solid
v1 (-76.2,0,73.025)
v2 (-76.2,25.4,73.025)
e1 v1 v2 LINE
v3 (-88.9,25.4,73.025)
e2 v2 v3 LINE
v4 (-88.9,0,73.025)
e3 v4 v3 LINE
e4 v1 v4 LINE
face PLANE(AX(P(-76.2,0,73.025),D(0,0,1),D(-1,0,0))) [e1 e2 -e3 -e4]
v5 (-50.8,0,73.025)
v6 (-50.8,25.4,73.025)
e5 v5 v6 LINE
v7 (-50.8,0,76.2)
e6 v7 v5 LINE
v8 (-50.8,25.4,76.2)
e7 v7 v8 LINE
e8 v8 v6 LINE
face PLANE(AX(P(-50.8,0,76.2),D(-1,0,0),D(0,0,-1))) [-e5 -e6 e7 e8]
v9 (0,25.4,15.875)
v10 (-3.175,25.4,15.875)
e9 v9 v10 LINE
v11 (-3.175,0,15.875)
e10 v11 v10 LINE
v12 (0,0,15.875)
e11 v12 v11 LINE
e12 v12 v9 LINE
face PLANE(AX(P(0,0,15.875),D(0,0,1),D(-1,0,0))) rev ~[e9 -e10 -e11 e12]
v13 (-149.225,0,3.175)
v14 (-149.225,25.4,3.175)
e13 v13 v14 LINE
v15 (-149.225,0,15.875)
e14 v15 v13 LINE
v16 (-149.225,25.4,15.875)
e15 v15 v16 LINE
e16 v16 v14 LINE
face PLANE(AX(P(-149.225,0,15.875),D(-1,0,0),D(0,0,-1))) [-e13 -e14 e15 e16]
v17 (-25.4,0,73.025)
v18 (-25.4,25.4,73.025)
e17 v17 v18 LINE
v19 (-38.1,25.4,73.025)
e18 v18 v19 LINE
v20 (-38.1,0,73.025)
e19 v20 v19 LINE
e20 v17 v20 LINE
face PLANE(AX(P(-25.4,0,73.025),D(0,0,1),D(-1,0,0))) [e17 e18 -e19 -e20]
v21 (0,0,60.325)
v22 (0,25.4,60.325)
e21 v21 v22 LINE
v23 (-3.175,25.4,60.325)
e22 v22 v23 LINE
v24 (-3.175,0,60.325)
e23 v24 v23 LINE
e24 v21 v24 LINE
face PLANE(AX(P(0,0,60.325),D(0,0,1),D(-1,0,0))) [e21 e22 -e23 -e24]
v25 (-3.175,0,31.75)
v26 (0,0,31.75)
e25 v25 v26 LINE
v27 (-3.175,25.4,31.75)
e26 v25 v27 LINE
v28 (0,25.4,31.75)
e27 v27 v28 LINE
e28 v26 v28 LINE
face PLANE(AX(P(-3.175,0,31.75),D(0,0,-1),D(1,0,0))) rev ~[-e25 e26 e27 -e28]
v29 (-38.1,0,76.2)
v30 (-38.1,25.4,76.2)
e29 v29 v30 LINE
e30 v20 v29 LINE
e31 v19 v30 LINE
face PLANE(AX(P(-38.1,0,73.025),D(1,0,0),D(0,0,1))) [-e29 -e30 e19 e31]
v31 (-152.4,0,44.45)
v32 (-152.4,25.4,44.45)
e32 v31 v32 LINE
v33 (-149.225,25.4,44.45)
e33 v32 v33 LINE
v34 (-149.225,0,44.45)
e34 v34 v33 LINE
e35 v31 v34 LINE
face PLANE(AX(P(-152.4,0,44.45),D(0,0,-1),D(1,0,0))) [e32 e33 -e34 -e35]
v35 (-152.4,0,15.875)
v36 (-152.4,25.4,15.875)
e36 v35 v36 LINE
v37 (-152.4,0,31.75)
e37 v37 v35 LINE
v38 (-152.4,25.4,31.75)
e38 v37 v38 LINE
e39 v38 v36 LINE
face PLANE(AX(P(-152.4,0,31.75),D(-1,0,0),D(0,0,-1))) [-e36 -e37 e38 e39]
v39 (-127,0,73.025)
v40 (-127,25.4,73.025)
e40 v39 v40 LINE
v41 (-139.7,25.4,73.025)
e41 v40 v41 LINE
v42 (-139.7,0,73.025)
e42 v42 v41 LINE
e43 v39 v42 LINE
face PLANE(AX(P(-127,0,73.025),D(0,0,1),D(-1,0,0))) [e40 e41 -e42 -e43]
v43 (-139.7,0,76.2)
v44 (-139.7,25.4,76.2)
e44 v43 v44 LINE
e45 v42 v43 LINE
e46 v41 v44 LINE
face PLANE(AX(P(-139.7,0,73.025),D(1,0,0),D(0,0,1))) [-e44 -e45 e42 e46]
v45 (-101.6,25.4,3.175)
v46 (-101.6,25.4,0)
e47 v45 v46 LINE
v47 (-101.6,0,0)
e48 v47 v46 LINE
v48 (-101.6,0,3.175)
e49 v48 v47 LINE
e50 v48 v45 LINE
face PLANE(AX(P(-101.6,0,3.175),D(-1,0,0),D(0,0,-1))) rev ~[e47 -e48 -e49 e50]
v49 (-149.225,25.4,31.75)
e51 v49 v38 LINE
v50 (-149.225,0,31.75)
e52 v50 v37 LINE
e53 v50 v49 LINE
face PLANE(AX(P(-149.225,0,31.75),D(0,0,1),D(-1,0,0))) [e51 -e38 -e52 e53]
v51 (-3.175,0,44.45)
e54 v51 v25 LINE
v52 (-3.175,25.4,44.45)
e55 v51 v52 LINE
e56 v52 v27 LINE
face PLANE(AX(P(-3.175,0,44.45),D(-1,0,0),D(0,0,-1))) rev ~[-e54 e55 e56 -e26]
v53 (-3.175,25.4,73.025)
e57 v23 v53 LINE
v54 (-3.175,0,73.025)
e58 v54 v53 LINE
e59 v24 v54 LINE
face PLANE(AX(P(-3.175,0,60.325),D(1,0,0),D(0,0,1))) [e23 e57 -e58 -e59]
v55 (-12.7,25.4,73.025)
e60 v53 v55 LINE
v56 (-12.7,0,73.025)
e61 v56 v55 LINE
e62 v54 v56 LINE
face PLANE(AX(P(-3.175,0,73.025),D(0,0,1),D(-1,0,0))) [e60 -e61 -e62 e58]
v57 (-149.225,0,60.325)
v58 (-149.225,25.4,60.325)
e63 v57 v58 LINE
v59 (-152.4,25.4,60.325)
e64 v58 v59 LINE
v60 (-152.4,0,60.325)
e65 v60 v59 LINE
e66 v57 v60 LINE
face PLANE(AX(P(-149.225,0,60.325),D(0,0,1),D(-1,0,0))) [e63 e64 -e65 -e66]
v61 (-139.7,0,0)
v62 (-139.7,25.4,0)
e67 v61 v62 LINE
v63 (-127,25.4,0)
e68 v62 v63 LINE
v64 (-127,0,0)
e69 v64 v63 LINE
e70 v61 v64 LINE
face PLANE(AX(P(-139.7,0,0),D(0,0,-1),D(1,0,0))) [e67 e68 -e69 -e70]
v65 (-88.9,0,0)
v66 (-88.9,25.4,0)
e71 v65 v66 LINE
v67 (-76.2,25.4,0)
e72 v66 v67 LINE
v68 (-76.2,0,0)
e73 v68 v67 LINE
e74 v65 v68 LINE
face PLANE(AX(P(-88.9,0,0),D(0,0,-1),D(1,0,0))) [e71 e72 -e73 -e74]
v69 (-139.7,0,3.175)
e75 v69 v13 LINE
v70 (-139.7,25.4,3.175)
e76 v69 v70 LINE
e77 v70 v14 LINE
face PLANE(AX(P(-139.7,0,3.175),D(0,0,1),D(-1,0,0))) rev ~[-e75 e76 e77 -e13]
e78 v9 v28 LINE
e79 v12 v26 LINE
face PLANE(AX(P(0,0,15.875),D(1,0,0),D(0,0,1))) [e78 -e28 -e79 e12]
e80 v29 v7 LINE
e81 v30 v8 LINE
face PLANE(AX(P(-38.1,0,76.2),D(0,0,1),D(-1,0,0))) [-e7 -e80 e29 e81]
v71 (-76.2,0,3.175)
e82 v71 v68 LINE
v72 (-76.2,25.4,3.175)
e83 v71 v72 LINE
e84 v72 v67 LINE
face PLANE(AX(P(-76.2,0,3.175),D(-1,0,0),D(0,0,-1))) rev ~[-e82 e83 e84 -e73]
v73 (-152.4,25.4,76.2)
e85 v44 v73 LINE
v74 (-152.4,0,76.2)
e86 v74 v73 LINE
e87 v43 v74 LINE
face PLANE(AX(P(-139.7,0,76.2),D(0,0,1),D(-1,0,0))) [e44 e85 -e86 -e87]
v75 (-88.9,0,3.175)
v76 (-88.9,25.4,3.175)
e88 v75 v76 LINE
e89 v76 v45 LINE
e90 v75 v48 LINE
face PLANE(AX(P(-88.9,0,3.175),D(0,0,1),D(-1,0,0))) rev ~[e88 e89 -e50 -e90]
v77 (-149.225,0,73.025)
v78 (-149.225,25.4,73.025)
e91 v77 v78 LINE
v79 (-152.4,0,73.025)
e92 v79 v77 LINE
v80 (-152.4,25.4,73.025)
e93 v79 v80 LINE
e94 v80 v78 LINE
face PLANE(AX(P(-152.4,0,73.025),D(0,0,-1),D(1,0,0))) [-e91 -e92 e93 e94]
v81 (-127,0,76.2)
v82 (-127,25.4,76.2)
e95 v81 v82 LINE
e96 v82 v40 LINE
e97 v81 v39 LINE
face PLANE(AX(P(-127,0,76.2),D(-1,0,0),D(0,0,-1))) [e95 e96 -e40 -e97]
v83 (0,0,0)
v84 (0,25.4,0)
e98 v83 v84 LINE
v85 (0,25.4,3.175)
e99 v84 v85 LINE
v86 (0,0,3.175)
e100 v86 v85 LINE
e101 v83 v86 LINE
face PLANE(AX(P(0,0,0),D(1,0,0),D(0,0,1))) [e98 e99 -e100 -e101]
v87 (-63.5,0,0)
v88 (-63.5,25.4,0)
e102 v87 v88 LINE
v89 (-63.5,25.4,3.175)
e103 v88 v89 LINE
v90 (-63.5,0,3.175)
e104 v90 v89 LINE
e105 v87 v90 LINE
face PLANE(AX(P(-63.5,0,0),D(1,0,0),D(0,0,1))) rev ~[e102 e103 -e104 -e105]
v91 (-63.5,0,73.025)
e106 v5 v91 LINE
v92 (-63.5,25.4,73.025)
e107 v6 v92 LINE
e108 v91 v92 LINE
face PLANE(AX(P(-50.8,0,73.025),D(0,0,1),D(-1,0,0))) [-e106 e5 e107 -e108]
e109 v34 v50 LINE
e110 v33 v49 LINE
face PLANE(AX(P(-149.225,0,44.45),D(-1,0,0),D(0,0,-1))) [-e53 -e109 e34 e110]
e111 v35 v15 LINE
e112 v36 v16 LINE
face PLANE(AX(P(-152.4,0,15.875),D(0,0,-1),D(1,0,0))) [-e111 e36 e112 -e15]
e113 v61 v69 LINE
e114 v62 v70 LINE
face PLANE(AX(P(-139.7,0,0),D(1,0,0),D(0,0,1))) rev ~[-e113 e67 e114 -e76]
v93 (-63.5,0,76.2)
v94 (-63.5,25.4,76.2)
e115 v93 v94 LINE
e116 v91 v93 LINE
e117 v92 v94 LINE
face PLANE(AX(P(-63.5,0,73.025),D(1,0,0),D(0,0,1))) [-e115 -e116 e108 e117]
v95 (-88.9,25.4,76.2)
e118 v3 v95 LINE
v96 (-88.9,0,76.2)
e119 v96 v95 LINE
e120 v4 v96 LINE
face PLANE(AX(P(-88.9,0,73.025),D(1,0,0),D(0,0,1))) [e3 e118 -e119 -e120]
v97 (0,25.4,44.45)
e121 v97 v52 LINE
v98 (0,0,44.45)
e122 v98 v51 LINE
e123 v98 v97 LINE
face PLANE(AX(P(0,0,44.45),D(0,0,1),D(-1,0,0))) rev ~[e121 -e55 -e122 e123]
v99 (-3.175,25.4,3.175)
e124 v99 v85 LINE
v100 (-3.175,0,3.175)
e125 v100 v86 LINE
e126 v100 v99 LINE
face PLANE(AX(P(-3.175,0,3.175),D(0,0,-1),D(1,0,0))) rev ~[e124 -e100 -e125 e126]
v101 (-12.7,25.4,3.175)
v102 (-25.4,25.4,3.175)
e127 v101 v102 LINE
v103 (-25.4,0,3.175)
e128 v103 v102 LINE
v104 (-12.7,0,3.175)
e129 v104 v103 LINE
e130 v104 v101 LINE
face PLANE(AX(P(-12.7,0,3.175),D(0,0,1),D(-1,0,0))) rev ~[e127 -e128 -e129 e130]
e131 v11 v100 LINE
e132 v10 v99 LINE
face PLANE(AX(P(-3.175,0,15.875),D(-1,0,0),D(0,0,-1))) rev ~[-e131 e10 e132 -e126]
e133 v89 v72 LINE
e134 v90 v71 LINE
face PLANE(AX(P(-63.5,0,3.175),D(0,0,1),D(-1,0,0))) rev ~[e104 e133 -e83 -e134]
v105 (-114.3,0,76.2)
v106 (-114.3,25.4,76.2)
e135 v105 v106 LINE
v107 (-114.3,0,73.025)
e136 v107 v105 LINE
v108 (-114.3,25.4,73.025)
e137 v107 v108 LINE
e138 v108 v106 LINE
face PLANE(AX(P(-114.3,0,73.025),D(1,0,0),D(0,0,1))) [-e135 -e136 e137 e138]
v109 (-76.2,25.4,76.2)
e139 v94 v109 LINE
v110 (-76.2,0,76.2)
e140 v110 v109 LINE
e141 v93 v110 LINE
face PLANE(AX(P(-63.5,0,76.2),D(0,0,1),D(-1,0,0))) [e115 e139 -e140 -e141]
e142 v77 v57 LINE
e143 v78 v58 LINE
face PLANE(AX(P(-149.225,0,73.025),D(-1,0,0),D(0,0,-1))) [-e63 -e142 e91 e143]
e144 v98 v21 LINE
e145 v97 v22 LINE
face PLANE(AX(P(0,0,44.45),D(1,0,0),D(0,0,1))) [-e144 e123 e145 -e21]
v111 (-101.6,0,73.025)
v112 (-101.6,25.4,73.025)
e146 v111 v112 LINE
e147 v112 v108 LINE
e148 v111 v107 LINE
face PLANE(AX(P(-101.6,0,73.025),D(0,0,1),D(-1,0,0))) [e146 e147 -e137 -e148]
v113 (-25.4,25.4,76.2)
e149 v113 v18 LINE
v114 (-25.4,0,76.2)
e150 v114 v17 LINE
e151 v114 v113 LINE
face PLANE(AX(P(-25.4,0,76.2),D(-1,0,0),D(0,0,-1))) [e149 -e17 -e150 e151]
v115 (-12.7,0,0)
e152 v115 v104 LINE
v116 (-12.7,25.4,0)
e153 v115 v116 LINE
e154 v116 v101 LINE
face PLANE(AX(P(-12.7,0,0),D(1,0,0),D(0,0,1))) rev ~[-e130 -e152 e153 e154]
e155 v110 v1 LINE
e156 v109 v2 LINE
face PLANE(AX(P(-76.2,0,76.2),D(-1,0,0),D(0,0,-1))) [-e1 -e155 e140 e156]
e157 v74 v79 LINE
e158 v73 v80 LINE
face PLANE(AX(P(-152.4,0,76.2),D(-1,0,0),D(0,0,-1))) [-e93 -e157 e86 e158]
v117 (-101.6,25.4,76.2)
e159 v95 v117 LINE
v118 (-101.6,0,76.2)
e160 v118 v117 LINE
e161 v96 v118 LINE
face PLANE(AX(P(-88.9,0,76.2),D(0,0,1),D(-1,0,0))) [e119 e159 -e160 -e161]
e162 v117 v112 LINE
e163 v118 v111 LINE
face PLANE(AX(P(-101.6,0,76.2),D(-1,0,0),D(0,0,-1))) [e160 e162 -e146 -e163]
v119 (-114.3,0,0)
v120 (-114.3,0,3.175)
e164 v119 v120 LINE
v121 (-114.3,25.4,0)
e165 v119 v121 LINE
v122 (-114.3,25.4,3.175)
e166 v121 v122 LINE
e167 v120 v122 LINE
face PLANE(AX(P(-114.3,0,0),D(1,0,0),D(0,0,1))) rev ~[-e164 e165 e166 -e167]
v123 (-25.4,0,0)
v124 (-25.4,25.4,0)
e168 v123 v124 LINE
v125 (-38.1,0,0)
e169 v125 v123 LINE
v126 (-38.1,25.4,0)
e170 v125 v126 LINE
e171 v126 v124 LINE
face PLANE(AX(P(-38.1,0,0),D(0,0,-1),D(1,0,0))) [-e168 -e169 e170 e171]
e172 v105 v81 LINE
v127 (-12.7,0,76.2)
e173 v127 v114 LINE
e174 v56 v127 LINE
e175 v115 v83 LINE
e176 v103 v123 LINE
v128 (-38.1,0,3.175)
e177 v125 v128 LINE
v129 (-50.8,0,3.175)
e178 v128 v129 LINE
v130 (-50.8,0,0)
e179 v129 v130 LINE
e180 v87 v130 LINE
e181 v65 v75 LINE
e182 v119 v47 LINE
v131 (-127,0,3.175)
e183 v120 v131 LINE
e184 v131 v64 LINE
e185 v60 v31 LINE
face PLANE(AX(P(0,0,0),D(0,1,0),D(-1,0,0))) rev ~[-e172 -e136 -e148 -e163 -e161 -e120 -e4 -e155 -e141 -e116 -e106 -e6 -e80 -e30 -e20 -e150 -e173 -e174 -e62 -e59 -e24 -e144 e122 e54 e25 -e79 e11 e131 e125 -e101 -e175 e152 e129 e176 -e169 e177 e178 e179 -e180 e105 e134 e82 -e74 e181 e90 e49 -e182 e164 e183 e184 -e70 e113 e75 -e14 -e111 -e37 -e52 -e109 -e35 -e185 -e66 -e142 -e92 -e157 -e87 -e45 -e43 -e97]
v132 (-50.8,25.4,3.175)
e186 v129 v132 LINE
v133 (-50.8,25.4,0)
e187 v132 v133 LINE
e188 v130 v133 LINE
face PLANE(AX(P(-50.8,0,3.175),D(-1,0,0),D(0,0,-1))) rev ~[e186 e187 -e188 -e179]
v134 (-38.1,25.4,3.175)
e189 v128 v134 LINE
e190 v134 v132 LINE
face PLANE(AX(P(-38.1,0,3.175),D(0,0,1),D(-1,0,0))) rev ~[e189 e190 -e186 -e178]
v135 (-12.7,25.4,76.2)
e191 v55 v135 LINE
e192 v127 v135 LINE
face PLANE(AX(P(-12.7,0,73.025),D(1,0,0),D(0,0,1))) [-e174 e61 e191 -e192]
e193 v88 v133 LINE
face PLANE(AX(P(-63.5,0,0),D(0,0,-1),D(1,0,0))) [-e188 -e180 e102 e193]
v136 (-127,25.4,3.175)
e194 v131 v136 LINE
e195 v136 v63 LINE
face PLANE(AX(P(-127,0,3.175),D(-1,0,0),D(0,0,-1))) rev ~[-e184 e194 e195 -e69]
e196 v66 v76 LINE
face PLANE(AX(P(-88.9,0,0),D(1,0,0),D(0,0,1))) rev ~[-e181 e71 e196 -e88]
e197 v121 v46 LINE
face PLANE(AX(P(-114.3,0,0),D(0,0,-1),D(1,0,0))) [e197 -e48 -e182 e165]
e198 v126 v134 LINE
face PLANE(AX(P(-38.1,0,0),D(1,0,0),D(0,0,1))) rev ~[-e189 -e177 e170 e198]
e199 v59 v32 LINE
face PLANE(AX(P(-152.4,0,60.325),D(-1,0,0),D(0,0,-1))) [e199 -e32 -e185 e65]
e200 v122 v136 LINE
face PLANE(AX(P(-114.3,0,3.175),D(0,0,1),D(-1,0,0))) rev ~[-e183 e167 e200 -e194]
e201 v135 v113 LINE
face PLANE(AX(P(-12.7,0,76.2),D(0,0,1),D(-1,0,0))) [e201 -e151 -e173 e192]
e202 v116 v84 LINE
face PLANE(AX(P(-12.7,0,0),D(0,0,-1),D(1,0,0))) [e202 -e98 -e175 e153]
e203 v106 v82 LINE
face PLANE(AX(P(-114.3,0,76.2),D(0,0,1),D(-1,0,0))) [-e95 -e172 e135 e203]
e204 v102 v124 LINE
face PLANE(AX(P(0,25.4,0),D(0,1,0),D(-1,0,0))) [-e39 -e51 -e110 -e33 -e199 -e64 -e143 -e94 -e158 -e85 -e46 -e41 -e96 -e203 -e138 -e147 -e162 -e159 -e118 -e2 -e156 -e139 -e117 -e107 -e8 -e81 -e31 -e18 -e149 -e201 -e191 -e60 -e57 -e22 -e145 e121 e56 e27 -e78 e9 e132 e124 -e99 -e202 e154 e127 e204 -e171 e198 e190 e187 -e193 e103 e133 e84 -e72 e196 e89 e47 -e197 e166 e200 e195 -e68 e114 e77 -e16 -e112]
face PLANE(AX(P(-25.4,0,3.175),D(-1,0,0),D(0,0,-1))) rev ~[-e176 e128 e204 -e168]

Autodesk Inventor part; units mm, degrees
ref_plane "YZ Plane" through (0, 0, 0) normal (1, 0, 0) x (0, 1, 0)
ref_plane "XZ Plane" through (0, 0, 0) normal (0, 1, 0) x (-1, 0, 0)
ref_plane "XY Plane" through (0, 0, 0) normal (0, 0, 1) x (1, 0, 0)
sketch "Sketch1" plane through (0, 0, 0) normal (0, 1, 0) x (-1, 0, 0)
  line L0 (0, 0) -> (0, 76.2)
  line L1 (0, 76.2) -> (152.4, 76.2)
  line L2 (152.4, 76.2) -> (152.4, 0)
  line L3 (152.4, 0) -> (0, 0)
  line L4 (139.7, 76.2) -> (127, 76.2)
  line L5 (127, 76.2) -> (127, 73.025)
  line L6 (127, 73.025) -> (139.7, 73.025)
  line L7 (139.7, 73.025) -> (139.7, 76.2)
  line L8 (114.3, 76.2) -> (101.6, 76.2)
  line L9 (101.6, 76.2) -> (101.6, 73.025)
  line L10 (101.6, 73.025) -> (114.3, 73.025)
  line L11 (114.3, 73.025) -> (114.3, 76.2)
  line L12 (88.9, 76.2) -> (76.2, 76.2)
  line L13 (76.2, 76.2) -> (76.2, 73.025)
  line L14 (76.2, 73.025) -> (88.9, 73.025)
  line L15 (88.9, 73.025) -> (88.9, 76.2)
  line L16 (63.5, 76.2) -> (50.8, 76.2)
  line L17 (50.8, 76.2) -> (50.8, 73.025)
  line L18 (50.8, 73.025) -> (63.5, 73.025)
  line L19 (63.5, 73.025) -> (63.5, 76.2)
  line L20 (38.1, 76.2) -> (25.4, 76.2)
  line L21 (25.4, 76.2) -> (25.4, 73.025)
  line L22 (25.4, 73.025) -> (38.1, 73.025)
  line L23 (38.1, 73.025) -> (38.1, 76.2)
  line L24 (12.7, 76.2) -> (0, 76.2)
  line L25 (0, 76.2) -> (0, 73.025)
  line L26 (0, 73.025) -> (12.7, 73.025)
  line L27 (12.7, 73.025) -> (12.7, 76.2)
  line L28 (152.4, 0) -> (139.7, 0)
  line L29 (139.7, 0) -> (139.7, 3.175)
  line L30 (139.7, 3.175) -> (152.4, 3.175)
  line L31 (152.4, 3.175) -> (152.4, 0)
  line L32 (127, 0) -> (114.3, 0)
  line L33 (114.3, 0) -> (114.3, 3.175)
  line L34 (114.3, 3.175) -> (127, 3.175)
  line L35 (127, 3.175) -> (127, 0)
  line L36 (101.6, 0) -> (88.9, 0)
  line L37 (88.9, 0) -> (88.9, 3.175)
  line L38 (88.9, 3.175) -> (101.6, 3.175)
  line L39 (101.6, 3.175) -> (101.6, 0)
  line L40 (76.2, 0) -> (63.5, 0)
  line L41 (63.5, 0) -> (63.5, 3.175)
  line L42 (63.5, 3.175) -> (76.2, 3.175)
  line L43 (76.2, 3.175) -> (76.2, 0)
  line L44 (50.8, 0) -> (38.1, 0)
  line L45 (38.1, 0) -> (38.1, 3.175)
  line L46 (38.1, 3.175) -> (50.8, 3.175)
  line L47 (50.8, 3.175) -> (50.8, 0)
  line L48 (25.4, 0) -> (12.7, 0)
  line L49 (12.7, 0) -> (12.7, 3.175)
  line L50 (12.7, 3.175) -> (25.4, 3.175)
  line L51 (25.4, 3.175) -> (25.4, 0)
  line L52 (152.4, 73.025) -> (149.225, 73.025)
  line L53 (149.225, 73.025) -> (149.225, 60.325)
  line L54 (149.225, 60.325) -> (152.4, 60.325)
  line L55 (152.4, 60.325) -> (152.4, 73.025)
  line L56 (152.4, 44.45) -> (149.225, 44.45)
  line L57 (149.225, 44.45) -> (149.225, 31.75)
  line L58 (149.225, 31.75) -> (152.4, 31.75)
  line L59 (152.4, 31.75) -> (152.4, 44.45)
  line L60 (152.4, 15.875) -> (149.225, 15.875)
  line L61 (149.225, 15.875) -> (149.225, 3.175)
  line L62 (149.225, 3.175) -> (152.4, 3.175)
  line L63 (152.4, 3.175) -> (152.4, 15.875)
  line L64 (0, 73.025) -> (0, 60.325)
  line L65 (0, 60.325) -> (3.175, 60.325)
  line L66 (3.175, 60.325) -> (3.175, 73.025)
  line L67 (3.175, 73.025) -> (0, 73.025)
  line L68 (0, 3.175) -> (0, 15.875)
  line L69 (0, 15.875) -> (3.175, 15.875)
  line L70 (3.175, 15.875) -> (3.175, 3.175)
  line L71 (3.175, 3.175) -> (0, 3.175)
  line L72 (0, 31.75) -> (0, 44.45)
  line L73 (0, 44.45) -> (3.175, 44.45)
  line L74 (3.175, 44.45) -> (3.175, 31.75)
  line L75 (3.175, 31.75) -> (0, 31.75)
  point P0 (149.225, 3.175)
  dimension "d176" = 76.2
  dimension "d177" = 152.4
  dimension "d178" = 12.7
  dimension "d179" = 3.175
  dimension "d180" = 12.7
  dimension "d181" = 12.7
  dimension "d182" = 3.175
  dimension "d183" = 12.7
  dimension "d184" = 3.175
  dimension "d185" = 12.7
  dimension "d186" = 3.175
  dimension "d187" = 12.7
  dimension "d188" = 3.175
  dimension "d189" = 12.7
  dimension "d190" = 12.7
  dimension "d191" = 12.7
  dimension "d192" = 12.7
  dimension "d193" = 12.7
  dimension "d194" = 3.175
  dimension "d195" = 12.7
  dimension "d196" = 12.7
  dimension "d197" = 3.175
  dimension "d198" = 12.7
  dimension "d199" = 3.175
  dimension "d200" = 12.7
  dimension "d201" = 3.175
  dimension "d202" = 12.7
  dimension "d203" = 3.175
  dimension "d204" = 12.7
  dimension "d205" = 12.7
  dimension "d206" = 12.7
  dimension "d207" = 12.7
  dimension "d208" = 3.175
  dimension "d209" = 12.7
  dimension "d210" = 3.175
  dimension "d211" = 12.7
  dimension "d212" = 12.7
  dimension "d213" = 3.175
  dimension "d214" = 12.7
  dimension "d215" = 3.175
  dimension "d216" = 3.175
  dimension "d217" = 12.7
  dimension "d218" = 15.875
  dimension "d219" = 3.175
  dimension "d220" = 12.7
  dimension "d222" = 3.175
  dimension "d223" = 12.7
  dimension "d224" = 3.175
  dimension "d225" = 12.7
  dimension "d226" = 3.175
  dimension "d227" = 3.175
  dimension "d228" = 12.7
  dimension "d229" = 3.175
  dimension "d230" = 15.875
extrude "Extrusion5" add sketch "Sketch1" along normal blind 25.4 contours L0 L71 L70 L69 L75 L74 L73 L65 L66 L26 L27 L1 L21 L22 L23 L17 L18 L19 L13 L14 L15 L9 L10 L11 L5 L6 L7 L2 L52 L53 L54 L56 L57 L58 L60 L61 L30 L29 L3 L35 L34 L33 L39 L38 L37 L43 L42 L41 L47 L46 L45 L51 L50 L49
properties part number "BackPanel"
